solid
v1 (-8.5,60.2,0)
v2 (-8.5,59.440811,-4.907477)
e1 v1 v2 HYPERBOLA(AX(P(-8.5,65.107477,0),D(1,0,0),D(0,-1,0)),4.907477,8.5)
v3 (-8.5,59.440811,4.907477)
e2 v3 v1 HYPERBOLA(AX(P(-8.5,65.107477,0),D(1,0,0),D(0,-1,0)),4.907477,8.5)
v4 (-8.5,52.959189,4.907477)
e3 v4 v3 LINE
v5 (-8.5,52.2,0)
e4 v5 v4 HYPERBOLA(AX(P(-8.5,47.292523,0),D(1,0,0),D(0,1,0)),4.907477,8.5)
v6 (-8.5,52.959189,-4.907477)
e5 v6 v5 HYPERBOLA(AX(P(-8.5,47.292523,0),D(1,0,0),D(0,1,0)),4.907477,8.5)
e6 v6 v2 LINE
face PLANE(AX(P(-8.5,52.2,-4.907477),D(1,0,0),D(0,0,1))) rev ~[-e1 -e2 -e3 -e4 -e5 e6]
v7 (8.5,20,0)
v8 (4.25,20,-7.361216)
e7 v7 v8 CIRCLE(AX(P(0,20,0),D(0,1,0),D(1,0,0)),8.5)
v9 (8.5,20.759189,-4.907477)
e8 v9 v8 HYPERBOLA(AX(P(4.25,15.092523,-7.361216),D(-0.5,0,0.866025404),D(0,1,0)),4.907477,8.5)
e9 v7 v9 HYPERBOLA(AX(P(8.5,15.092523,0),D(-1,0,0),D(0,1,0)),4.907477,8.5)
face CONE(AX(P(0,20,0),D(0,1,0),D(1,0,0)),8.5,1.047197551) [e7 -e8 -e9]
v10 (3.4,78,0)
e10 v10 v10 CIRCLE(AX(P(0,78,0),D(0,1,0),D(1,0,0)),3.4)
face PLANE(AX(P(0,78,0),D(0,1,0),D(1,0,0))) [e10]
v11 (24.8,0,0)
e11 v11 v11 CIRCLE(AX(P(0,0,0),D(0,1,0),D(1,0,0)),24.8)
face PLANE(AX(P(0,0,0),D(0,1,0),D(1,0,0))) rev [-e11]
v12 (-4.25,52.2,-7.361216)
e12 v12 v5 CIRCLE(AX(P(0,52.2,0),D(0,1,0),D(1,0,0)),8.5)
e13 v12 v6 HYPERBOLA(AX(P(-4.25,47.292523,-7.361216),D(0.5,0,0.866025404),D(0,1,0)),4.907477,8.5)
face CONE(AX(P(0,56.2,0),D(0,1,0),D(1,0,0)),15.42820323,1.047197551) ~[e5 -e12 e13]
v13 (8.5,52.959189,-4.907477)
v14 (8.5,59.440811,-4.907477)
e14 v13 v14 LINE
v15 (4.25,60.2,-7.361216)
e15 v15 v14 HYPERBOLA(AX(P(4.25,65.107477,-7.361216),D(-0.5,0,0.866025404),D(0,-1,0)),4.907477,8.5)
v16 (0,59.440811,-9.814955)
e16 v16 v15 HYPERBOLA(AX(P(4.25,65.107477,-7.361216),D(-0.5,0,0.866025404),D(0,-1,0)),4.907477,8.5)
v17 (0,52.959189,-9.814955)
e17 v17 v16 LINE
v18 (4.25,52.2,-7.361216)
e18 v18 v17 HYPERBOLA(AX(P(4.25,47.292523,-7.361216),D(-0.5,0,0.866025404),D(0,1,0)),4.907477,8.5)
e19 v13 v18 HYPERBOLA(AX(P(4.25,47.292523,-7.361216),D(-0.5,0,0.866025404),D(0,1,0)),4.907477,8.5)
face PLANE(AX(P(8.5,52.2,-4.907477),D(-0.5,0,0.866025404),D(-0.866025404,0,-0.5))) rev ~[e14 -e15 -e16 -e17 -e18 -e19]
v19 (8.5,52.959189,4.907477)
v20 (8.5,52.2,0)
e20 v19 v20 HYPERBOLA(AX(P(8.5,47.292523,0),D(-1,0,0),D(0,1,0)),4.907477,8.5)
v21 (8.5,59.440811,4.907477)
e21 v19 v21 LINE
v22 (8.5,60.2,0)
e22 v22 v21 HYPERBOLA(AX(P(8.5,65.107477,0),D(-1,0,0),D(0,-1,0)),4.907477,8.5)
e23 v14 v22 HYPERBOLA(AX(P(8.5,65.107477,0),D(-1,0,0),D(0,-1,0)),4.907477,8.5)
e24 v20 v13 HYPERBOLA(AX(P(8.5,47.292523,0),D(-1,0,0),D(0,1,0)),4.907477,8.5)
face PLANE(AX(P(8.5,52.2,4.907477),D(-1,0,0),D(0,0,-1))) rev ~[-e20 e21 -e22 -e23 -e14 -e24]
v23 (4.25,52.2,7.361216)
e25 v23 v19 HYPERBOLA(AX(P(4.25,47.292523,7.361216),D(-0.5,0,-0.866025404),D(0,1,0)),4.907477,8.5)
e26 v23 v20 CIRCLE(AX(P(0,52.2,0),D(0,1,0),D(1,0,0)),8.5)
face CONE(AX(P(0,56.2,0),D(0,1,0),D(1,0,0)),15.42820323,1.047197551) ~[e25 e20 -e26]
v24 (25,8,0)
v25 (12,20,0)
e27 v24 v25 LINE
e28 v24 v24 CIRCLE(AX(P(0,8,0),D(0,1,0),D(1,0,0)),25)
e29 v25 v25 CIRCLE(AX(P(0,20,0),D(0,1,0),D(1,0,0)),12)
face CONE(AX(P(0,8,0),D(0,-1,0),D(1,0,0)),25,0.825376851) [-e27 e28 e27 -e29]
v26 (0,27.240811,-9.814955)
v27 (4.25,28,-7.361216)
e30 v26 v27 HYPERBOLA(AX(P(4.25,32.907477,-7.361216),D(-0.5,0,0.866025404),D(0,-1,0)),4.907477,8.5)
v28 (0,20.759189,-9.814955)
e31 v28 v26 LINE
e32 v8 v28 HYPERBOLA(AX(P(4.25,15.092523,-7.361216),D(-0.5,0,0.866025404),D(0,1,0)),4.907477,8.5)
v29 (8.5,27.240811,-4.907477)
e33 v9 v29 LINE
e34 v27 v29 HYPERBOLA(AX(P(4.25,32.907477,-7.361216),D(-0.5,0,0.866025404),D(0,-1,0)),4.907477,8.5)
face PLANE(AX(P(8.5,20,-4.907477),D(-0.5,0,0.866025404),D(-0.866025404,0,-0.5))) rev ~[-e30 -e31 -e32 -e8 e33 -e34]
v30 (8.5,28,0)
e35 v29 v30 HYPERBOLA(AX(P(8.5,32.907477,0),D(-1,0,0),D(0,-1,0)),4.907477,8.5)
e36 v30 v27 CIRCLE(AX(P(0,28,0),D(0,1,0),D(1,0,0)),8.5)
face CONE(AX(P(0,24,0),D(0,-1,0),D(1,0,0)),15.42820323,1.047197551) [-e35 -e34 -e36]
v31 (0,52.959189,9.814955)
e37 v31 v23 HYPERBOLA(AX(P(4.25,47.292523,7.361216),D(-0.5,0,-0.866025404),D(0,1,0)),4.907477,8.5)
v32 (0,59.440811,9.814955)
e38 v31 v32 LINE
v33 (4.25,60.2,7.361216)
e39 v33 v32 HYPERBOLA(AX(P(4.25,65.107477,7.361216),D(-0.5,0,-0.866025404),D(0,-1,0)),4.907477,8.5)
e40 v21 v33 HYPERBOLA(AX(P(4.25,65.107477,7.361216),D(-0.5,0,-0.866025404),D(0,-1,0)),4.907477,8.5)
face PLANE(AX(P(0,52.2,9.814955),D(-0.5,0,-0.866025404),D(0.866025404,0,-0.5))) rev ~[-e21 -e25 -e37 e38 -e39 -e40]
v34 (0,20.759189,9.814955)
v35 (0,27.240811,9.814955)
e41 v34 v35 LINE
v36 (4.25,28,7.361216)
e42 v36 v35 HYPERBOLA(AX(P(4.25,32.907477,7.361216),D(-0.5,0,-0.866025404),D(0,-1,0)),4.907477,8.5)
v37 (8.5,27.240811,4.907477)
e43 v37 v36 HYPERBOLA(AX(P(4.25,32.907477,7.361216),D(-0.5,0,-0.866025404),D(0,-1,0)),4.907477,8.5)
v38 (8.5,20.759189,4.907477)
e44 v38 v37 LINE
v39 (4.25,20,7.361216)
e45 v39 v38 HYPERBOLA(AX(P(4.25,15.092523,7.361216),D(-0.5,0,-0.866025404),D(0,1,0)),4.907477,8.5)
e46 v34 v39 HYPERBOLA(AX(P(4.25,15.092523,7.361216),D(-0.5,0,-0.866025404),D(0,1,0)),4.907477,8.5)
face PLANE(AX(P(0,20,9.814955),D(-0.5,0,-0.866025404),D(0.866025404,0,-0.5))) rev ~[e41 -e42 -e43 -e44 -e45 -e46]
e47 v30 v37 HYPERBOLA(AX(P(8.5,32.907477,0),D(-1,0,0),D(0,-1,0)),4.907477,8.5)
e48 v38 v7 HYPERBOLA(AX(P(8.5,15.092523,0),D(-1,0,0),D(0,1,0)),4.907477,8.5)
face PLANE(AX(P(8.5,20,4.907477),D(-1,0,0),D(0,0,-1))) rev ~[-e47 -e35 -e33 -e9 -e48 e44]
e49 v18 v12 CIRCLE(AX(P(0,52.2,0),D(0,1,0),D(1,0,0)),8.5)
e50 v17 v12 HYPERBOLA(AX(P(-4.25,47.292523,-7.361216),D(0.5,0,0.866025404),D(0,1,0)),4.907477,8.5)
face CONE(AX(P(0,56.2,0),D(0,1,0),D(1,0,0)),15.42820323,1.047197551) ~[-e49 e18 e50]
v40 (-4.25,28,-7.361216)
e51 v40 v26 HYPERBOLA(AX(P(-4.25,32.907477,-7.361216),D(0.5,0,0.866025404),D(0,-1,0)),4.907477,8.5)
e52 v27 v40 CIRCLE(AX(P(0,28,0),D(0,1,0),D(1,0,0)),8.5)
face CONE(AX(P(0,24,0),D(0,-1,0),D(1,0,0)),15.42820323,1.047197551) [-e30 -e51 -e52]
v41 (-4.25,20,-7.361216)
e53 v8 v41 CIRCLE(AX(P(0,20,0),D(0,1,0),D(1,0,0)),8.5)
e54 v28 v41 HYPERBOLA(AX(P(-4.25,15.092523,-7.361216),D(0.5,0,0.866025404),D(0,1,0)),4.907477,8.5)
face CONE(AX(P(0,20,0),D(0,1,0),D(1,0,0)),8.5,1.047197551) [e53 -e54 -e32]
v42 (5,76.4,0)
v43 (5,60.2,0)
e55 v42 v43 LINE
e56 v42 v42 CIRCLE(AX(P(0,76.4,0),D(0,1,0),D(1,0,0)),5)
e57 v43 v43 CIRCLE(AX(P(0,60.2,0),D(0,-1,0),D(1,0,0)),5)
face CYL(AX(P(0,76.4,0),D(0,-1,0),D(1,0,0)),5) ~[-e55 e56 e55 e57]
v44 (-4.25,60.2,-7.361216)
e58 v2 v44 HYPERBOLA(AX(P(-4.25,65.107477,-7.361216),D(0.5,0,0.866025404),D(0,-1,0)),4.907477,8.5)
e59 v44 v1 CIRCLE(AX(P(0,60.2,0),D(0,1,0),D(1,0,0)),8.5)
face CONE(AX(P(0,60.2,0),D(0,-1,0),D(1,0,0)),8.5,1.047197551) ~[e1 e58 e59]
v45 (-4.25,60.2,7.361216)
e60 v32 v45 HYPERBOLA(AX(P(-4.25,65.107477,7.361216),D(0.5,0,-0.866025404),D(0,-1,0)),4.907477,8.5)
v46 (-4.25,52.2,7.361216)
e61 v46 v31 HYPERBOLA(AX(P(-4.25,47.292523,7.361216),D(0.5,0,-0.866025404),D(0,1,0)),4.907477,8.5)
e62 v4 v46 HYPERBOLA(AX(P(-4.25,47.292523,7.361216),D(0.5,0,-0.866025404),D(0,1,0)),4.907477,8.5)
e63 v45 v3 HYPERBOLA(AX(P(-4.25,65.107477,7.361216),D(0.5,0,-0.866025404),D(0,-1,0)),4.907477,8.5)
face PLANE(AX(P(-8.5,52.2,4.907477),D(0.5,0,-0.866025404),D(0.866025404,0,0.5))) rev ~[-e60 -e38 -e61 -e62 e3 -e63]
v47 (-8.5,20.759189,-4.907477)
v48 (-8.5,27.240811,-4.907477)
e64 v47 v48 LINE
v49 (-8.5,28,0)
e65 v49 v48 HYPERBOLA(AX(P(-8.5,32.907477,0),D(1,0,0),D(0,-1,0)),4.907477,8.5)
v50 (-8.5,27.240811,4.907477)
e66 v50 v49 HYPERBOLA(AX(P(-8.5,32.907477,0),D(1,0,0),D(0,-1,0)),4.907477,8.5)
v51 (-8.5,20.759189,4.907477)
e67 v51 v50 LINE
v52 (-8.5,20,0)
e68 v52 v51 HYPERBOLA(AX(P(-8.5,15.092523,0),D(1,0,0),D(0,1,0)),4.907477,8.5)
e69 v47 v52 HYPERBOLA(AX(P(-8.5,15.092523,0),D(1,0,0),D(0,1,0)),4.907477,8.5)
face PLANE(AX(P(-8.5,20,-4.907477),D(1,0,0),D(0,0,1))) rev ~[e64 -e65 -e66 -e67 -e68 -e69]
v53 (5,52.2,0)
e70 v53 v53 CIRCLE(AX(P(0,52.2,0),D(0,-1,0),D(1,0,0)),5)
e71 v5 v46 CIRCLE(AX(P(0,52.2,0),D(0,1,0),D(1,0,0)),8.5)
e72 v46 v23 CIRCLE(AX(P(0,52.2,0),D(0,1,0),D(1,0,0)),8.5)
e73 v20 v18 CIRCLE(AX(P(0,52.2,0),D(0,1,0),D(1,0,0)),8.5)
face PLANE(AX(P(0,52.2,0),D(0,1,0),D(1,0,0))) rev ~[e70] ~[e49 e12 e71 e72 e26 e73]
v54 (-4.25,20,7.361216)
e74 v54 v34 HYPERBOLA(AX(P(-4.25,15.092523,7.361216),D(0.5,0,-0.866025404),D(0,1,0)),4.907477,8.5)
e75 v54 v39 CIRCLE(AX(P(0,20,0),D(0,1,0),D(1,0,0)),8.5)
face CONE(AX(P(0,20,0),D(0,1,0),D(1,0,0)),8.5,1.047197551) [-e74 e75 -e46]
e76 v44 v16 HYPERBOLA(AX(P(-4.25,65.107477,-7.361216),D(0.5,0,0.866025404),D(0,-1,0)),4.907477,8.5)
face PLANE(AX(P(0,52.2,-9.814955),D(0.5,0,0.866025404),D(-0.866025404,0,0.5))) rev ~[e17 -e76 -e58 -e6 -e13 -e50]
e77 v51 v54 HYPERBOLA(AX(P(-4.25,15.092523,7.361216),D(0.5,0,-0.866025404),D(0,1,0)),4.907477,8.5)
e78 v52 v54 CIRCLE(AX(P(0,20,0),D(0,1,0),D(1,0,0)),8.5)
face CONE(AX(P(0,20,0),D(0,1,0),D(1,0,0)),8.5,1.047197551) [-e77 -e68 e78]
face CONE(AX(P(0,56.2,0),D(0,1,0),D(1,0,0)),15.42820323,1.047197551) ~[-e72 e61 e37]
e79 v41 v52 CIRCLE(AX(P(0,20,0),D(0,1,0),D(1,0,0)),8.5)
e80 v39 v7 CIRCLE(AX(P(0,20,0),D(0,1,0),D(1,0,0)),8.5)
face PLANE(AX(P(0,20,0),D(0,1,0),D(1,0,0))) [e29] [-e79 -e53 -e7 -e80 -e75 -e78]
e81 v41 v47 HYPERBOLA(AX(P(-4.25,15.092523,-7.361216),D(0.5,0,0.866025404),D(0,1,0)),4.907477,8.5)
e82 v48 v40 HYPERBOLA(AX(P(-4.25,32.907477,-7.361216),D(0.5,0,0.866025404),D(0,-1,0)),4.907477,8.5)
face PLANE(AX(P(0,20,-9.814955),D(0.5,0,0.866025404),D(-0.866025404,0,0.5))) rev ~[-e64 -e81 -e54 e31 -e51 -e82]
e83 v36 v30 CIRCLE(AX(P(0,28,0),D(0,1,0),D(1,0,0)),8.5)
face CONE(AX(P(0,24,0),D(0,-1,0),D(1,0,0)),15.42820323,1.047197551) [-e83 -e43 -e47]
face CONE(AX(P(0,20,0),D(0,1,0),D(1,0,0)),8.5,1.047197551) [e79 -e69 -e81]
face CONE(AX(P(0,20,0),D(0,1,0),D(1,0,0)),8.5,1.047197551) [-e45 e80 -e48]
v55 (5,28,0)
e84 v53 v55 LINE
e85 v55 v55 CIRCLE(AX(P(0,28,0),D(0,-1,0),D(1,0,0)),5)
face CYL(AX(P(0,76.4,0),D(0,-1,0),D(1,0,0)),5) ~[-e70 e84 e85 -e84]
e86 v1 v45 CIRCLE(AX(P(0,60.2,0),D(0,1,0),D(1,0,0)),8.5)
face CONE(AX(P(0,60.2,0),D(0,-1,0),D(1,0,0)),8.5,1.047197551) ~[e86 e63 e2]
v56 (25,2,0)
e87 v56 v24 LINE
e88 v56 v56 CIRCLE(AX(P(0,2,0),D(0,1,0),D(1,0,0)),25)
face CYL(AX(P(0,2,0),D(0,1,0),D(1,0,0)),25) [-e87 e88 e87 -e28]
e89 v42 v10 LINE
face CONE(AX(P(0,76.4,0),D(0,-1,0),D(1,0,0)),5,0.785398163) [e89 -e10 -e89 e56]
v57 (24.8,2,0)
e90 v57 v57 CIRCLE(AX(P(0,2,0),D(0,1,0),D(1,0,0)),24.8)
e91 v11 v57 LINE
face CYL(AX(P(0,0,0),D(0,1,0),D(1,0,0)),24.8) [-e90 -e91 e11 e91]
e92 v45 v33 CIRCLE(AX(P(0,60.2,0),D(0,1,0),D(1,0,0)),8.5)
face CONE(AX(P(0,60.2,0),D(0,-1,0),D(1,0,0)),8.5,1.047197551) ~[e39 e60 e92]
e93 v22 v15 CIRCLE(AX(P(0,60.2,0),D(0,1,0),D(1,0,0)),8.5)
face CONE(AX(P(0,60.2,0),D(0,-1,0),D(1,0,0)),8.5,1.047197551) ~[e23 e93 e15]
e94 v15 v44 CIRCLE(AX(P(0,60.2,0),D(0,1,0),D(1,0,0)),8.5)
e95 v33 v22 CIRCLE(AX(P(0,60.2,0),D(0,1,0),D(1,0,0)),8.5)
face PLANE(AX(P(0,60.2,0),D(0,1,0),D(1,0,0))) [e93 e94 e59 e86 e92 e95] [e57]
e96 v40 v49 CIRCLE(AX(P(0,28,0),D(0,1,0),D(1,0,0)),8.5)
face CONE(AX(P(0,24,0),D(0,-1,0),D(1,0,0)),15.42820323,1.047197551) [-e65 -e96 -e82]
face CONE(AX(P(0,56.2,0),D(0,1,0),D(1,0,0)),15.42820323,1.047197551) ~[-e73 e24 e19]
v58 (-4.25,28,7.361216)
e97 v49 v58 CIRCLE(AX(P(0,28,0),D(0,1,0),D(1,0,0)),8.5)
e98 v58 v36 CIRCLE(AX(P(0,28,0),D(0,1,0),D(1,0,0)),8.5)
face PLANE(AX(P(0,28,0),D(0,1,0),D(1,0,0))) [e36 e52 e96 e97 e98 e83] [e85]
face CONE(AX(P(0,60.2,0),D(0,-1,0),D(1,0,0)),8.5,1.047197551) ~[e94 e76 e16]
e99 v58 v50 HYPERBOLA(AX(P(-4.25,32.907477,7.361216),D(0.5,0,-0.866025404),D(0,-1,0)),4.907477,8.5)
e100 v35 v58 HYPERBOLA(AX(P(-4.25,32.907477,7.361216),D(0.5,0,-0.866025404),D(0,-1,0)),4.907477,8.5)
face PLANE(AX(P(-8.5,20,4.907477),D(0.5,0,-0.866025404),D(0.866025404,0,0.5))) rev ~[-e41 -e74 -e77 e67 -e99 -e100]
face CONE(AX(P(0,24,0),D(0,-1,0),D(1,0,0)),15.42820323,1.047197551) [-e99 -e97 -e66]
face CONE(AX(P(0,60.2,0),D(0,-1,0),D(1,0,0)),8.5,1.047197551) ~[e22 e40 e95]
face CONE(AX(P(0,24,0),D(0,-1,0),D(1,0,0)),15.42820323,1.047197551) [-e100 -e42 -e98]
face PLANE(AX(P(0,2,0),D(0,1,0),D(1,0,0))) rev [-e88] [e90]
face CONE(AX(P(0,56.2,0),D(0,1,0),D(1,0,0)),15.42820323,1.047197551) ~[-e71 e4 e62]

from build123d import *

# Parameters (mm, degrees)
EXTRUDE_1_DEPTH = 8
EXTRUDE_2_DEPTH = 8


with BuildPart() as part:
    # Эскиз1 → Повернуть1 (revolve)
    with BuildSketch(Plane.XY, mode=Mode.PRIVATE) as revolve_1_sk:
        Polygon((0, 0), (-24.8, 0), (-24.8, 2), (-25, 2), (-25, 8), (-12, 20), (-5, 20), (-5, 28), (-5, 76.4), (-3.4, 78), (0, 78), align=None)
    revolve(revolve_1_sk.sketch.rotate(Axis((0, 0, 0), (0, 1, 0)), 180), axis=Axis((0, 0, 0), (0, 1, 0)))  # turned: the seam where the file's is

    # Эскиз2 → Бобышка-Вытянуть1 (add)
    with BuildSketch(Plane(origin=(0, 20, 0), x_dir=(1, 0, 0), z_dir=(0, 1, 0))):
        Polygon((0, 9.814954576), (-8.5, 4.907477288), (-8.5, -4.907477288), (0, -9.814954576), (8.5, -4.907477288), (8.5, 4.907477288), align=None)
    extrude(amount=EXTRUDE_1_DEPTH)

    # Эскиз3 → Бобышка-Вытянуть2 (add)
    with BuildSketch(Plane(origin=(0, 52.2, 0), x_dir=(1, 0, 0), z_dir=(0, 1, 0))):
        Polygon((8.5, 4.907477288), (0, 9.814954576), (-8.5, 4.907477288), (-8.5, -4.907477288), (0, -9.814954576), (8.5, -4.907477288), align=None)
    extrude(amount=EXTRUDE_2_DEPTH)

    # Эскиз4 → Вырез-Повернуть2 (revolve, cut)
    with BuildSketch(Plane.XY, mode=Mode.PRIVATE) as cut_revolve_2_sk:
        Polygon((-15.42820323, 60.2), (-8.5, 60.2), (-15.42820323, 56.2), align=None)
        Polygon((-15.42820323, 52.2), (-15.42820323, 56.2), (-8.5, 52.2), align=None)
        Polygon((-15.42820323, 28), (-15.42820323, 24), (-8.5, 28), align=None)
        Polygon((-15.42820323, 24), (-15.42820323, 20), (-8.5, 20), align=None)
    revolve(cut_revolve_2_sk.sketch.rotate(Axis((0, 78, 0), (0, 1, 0)), 180), axis=Axis((0, 78, 0), (0, 1, 0)), mode=Mode.SUBTRACT)  # turned: the seam where the file's is


solid = part.part
